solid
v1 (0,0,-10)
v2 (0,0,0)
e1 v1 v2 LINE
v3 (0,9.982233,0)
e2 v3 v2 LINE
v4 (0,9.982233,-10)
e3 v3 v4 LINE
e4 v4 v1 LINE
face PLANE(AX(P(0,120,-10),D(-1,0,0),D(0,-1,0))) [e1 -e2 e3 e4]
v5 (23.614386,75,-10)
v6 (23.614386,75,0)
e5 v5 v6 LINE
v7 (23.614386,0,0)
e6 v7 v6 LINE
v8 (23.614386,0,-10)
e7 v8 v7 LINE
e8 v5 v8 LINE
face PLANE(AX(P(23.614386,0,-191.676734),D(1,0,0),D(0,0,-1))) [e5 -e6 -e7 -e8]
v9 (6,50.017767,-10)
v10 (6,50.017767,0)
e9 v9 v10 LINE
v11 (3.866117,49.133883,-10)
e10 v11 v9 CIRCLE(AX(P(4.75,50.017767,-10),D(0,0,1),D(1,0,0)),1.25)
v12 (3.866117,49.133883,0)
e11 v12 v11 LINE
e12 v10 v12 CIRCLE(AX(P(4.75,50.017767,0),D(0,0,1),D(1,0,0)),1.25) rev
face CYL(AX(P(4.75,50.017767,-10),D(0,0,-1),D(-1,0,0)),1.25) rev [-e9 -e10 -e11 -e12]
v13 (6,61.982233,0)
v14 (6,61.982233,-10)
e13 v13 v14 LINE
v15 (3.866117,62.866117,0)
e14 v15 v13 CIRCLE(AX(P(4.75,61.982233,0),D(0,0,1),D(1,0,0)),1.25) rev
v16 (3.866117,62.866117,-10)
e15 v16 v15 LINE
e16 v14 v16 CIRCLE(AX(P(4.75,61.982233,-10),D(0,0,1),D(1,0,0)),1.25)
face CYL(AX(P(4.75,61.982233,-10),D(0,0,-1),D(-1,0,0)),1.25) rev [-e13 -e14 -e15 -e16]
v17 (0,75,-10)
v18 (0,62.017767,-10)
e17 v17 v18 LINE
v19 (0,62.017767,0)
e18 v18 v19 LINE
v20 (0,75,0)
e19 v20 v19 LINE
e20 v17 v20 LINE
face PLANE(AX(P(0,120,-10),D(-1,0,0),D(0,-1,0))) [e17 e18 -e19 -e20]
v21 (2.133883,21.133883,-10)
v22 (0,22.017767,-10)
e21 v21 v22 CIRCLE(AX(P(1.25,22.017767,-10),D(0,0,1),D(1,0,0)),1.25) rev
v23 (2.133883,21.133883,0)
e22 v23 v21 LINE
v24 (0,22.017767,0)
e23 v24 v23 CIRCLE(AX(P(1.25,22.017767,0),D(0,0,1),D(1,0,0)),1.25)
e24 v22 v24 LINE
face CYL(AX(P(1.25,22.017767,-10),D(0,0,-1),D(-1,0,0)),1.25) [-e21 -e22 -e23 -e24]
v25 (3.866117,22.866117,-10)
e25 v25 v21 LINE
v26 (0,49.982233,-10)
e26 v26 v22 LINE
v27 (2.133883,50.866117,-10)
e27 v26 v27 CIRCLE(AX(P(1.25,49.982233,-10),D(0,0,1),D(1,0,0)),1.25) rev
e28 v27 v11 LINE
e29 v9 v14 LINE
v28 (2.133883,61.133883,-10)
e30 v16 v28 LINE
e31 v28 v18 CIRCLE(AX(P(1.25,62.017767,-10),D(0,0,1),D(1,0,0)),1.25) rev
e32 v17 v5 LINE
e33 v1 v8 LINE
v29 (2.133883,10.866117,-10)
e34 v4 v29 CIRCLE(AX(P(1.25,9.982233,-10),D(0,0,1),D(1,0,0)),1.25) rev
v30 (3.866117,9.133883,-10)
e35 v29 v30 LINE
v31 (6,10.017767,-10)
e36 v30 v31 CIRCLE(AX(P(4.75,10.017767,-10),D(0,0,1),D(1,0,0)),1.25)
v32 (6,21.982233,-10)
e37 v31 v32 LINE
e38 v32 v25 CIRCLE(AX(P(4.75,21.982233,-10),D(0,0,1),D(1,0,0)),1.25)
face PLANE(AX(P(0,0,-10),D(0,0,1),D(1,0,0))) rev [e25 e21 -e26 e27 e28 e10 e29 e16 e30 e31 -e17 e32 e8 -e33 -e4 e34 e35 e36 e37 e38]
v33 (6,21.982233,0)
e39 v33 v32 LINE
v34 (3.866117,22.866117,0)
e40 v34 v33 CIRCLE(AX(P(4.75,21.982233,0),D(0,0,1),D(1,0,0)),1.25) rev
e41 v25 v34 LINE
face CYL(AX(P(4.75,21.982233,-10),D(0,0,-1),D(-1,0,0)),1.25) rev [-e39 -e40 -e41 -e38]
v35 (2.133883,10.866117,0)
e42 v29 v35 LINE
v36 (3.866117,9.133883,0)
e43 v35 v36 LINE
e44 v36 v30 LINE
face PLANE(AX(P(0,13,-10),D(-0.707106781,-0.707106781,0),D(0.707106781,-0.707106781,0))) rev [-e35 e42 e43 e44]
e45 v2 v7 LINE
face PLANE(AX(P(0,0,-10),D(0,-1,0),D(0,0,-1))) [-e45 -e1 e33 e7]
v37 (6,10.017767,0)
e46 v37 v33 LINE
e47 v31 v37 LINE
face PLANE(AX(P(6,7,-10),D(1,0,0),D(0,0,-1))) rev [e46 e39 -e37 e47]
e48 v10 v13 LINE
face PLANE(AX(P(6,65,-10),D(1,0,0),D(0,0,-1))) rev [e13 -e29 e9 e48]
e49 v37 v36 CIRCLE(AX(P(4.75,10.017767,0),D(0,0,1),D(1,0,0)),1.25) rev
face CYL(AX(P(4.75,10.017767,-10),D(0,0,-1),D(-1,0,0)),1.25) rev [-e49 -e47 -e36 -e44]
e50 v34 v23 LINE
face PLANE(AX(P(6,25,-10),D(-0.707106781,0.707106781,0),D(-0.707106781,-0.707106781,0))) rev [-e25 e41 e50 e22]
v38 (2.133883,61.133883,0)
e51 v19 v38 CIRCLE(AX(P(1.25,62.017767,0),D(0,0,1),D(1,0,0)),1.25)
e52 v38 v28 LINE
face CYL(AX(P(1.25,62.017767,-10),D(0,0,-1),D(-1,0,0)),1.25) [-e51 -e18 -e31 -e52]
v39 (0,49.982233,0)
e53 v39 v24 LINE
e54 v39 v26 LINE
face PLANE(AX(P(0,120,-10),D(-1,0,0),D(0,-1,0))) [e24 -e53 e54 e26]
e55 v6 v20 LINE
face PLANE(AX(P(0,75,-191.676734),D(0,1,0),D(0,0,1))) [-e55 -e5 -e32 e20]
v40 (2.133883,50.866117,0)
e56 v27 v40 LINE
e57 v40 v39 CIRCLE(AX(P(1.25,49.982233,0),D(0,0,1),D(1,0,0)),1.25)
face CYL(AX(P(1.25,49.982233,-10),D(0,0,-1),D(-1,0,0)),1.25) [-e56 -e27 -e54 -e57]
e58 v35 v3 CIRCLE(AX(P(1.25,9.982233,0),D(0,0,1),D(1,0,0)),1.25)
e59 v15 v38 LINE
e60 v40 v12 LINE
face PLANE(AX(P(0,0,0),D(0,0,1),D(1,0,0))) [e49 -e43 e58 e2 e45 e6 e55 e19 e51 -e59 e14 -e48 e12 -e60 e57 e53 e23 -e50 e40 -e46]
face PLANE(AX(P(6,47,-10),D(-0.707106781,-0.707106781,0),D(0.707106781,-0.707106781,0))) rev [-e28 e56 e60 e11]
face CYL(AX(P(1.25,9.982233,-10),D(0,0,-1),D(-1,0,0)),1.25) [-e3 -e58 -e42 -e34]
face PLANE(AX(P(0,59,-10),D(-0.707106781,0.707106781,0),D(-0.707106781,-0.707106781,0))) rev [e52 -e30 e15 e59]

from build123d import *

# Parameters (mm, degrees)
BOSS_EXTRUDE1_DEPTH = 10
BOSS_EXTRUDE2_DEPTH = 6.5
SKETCH4_R           = 3
SKETCH4_R_2         = 3.0000000000000084
CUT_EXTRUDE2_DEPTH  = 10
BOSS_EXTRUDE3_DEPTH = 60
BOSS_EXTRUDE5_DEPTH = 4
CUT_EXTRUDE3_DEPTH  = 186.5693940282179
FILLET2_R           = 3
CUT_EXTRUDE4_DEPTH  = 187.81541692269406
FILLET3_R           = 1.25
SKETCH9_OUTSIDE_W   = 170.05200000000002
SKETCH9_OUTSIDE_H   = 160.05200000000002
SKETCH9_OUTSIDE_W_2 = 23.614386219061117
SKETCH9_OUTSIDE_H_2 = 74.99999999999999
CUT_EXTRUDE6_DEPTH  = 10
CUT_EXTRUDE7_DEPTH  = 60


with BuildPart() as part:
    # Sketch2 → Boss-Extrude1 (new body)
    with BuildSketch(Plane.XY):
        Polygon((0, 0), (130, 0), (130, 14), (75, 69), (75, 120.00000000000001), (-2.45e-15, 120), align=None)
    extrude(amount=-BOSS_EXTRUDE1_DEPTH)

    # Sketch3 → Boss-Extrude2 (add)
    with BuildSketch(Plane.XY):
        Polygon((-2.45e-15, 120), (75, 120), (75, 116.99999999999999), (-2.08e-15, 117), align=None)
        Polygon((-2.45e-15, 80.99999999999999), (75, 80.99999999999999), (75, 77.99999999999999), (-2.08e-15, 77.99999999999999), align=None)
    extrude(amount=BOSS_EXTRUDE2_DEPTH)

    # Sketch4 → Cut-Extrude2 (cut)
    with BuildSketch(Plane.XY):
        with Locations((10.000000000000002, 98.99999999999999)):
            Circle(SKETCH4_R)
        with Locations((65, 98.99999999999997)):
            Circle(SKETCH4_R_2)
    extrude(amount=-CUT_EXTRUDE2_DEPTH, mode=Mode.SUBTRACT)

    # Sketch5 → Boss-Extrude3 (add)
    with BuildSketch(Plane.XY):
        Polygon((130, 14), (104.00000000000001, 13.999999999999995), (104.00000000000001, 4.78e-15), (130, 0), align=None)
        Polygon((7.999999999999998, 0), (34, 0), (34, 13.999999999999995), (7.999999999999993, 14), align=None)
    extrude(amount=BOSS_EXTRUDE3_DEPTH)

    # Sketch7 → Boss-Extrude5 (add)
    with BuildSketch(Plane.XY):
        with BuildLine():
            Line((52.99999999999999, 13.00000000000001), (53, 60.00000000000001))
            ThreePointArc((53, 60.00000000000001), (60, 67), (67, 60.00000000000001))
            Line((67, 60.00000000000001), (67, 13.00000000000001))
            ThreePointArc((67, 13.00000000000001), (60, 6.0000000000000036), (52.99999999999999, 13.00000000000001))
        make_face()
    extrude(amount=BOSS_EXTRUDE5_DEPTH)

    # Sketch8 → Cut-Extrude3 (cut, through all)
    with BuildSketch(Plane.XY.offset(4)):
        with BuildLine():
            Line((62.2, 13.00000000000001), (62.2, 60.00000000000001))
            ThreePointArc((62.2, 60.00000000000001), (60, 62.20000000000001), (57.8, 60.00000000000001))
            Line((57.8, 60.00000000000001), (57.79999999999999, 13.00000000000001))
            ThreePointArc((57.79999999999999, 13.00000000000001), (60, 10.8), (62.2, 13.00000000000001))
        make_face()
    extrude(amount=-CUT_EXTRUDE3_DEPTH, mode=Mode.SUBTRACT)

    # Fillet2
    fillet2_edges = [part.edges().sort_by_distance(p)[0] for p in [
        (75, 120, -1.75),
        (-2.45e-15, 120, -1.75),
        (37.5, 77.99999999999999, 0),
        (75, 69, -5),
    ]]
    fillet(fillet2_edges, radius=FILLET2_R)

    # Sketch6 → Cut-Extrude4 (cut, through all)
    with BuildSketch(Plane.XY):
        Polygon((-2.08e-15, 13.000000000000002), (5.999999999999998, 6.999999999999992), (5.999999999999998, 24.999999999999993), (-2.82e-15, 19), align=None)
        Polygon((5.999999999999998, 47), (-4.68e-15, 52.99999999999999), (-4.68e-15, 59), (5.999999999999998, 65), align=None)
    extrude(amount=-CUT_EXTRUDE4_DEPTH, mode=Mode.SUBTRACT)

    # Fillet3
    fillet3_edges = [part.edges().sort_by_distance(p)[0] for p in [
        (-2.08e-15, 13.000000000000002, -5),
        (-2.82e-15, 19, -5),
        (5.999999999999998, 24.999999999999993, -5),
        (5.999999999999998, 6.999999999999992, -5),
        (5.999999999999998, 65, -5),
        (5.999999999999998, 47, -5),
        (-4.68e-15, 52.99999999999999, -5),
        (-4.68e-15, 59, -5),
    ]]
    fillet(fillet3_edges, radius=FILLET3_R)

    # Sketch9 outside → Cut-Extrude6 (cut)
    with BuildSketch(Plane.XY):
        with Locations((65, 60.00000000000001)):
            Rectangle(SKETCH9_OUTSIDE_W, SKETCH9_OUTSIDE_H)
        with Locations((11.807193109530559, 37.49999999999999)):
            Rectangle(SKETCH9_OUTSIDE_W_2, SKETCH9_OUTSIDE_H_2, mode=Mode.SUBTRACT)
    extrude(amount=-CUT_EXTRUDE6_DEPTH, mode=Mode.SUBTRACT)


with BuildPart() as body_2:
    # of the pieces the cut leaves, the one that is kept (cut_extrude6_keep)
    add(part.part.solids().sort_by_distance((0, 62.017766953, 0))[0])

    # Sketch10 → Cut-Extrude7 (cut)
    with BuildSketch(Plane.XY.offset(60)):
        Polygon((7.999999999999993, 14), (7.999999999999998, 0), (34, 0), (34, 13.999999999999995), align=None)
    extrude(amount=-CUT_EXTRUDE7_DEPTH, mode=Mode.SUBTRACT)


solid = body_2.part
